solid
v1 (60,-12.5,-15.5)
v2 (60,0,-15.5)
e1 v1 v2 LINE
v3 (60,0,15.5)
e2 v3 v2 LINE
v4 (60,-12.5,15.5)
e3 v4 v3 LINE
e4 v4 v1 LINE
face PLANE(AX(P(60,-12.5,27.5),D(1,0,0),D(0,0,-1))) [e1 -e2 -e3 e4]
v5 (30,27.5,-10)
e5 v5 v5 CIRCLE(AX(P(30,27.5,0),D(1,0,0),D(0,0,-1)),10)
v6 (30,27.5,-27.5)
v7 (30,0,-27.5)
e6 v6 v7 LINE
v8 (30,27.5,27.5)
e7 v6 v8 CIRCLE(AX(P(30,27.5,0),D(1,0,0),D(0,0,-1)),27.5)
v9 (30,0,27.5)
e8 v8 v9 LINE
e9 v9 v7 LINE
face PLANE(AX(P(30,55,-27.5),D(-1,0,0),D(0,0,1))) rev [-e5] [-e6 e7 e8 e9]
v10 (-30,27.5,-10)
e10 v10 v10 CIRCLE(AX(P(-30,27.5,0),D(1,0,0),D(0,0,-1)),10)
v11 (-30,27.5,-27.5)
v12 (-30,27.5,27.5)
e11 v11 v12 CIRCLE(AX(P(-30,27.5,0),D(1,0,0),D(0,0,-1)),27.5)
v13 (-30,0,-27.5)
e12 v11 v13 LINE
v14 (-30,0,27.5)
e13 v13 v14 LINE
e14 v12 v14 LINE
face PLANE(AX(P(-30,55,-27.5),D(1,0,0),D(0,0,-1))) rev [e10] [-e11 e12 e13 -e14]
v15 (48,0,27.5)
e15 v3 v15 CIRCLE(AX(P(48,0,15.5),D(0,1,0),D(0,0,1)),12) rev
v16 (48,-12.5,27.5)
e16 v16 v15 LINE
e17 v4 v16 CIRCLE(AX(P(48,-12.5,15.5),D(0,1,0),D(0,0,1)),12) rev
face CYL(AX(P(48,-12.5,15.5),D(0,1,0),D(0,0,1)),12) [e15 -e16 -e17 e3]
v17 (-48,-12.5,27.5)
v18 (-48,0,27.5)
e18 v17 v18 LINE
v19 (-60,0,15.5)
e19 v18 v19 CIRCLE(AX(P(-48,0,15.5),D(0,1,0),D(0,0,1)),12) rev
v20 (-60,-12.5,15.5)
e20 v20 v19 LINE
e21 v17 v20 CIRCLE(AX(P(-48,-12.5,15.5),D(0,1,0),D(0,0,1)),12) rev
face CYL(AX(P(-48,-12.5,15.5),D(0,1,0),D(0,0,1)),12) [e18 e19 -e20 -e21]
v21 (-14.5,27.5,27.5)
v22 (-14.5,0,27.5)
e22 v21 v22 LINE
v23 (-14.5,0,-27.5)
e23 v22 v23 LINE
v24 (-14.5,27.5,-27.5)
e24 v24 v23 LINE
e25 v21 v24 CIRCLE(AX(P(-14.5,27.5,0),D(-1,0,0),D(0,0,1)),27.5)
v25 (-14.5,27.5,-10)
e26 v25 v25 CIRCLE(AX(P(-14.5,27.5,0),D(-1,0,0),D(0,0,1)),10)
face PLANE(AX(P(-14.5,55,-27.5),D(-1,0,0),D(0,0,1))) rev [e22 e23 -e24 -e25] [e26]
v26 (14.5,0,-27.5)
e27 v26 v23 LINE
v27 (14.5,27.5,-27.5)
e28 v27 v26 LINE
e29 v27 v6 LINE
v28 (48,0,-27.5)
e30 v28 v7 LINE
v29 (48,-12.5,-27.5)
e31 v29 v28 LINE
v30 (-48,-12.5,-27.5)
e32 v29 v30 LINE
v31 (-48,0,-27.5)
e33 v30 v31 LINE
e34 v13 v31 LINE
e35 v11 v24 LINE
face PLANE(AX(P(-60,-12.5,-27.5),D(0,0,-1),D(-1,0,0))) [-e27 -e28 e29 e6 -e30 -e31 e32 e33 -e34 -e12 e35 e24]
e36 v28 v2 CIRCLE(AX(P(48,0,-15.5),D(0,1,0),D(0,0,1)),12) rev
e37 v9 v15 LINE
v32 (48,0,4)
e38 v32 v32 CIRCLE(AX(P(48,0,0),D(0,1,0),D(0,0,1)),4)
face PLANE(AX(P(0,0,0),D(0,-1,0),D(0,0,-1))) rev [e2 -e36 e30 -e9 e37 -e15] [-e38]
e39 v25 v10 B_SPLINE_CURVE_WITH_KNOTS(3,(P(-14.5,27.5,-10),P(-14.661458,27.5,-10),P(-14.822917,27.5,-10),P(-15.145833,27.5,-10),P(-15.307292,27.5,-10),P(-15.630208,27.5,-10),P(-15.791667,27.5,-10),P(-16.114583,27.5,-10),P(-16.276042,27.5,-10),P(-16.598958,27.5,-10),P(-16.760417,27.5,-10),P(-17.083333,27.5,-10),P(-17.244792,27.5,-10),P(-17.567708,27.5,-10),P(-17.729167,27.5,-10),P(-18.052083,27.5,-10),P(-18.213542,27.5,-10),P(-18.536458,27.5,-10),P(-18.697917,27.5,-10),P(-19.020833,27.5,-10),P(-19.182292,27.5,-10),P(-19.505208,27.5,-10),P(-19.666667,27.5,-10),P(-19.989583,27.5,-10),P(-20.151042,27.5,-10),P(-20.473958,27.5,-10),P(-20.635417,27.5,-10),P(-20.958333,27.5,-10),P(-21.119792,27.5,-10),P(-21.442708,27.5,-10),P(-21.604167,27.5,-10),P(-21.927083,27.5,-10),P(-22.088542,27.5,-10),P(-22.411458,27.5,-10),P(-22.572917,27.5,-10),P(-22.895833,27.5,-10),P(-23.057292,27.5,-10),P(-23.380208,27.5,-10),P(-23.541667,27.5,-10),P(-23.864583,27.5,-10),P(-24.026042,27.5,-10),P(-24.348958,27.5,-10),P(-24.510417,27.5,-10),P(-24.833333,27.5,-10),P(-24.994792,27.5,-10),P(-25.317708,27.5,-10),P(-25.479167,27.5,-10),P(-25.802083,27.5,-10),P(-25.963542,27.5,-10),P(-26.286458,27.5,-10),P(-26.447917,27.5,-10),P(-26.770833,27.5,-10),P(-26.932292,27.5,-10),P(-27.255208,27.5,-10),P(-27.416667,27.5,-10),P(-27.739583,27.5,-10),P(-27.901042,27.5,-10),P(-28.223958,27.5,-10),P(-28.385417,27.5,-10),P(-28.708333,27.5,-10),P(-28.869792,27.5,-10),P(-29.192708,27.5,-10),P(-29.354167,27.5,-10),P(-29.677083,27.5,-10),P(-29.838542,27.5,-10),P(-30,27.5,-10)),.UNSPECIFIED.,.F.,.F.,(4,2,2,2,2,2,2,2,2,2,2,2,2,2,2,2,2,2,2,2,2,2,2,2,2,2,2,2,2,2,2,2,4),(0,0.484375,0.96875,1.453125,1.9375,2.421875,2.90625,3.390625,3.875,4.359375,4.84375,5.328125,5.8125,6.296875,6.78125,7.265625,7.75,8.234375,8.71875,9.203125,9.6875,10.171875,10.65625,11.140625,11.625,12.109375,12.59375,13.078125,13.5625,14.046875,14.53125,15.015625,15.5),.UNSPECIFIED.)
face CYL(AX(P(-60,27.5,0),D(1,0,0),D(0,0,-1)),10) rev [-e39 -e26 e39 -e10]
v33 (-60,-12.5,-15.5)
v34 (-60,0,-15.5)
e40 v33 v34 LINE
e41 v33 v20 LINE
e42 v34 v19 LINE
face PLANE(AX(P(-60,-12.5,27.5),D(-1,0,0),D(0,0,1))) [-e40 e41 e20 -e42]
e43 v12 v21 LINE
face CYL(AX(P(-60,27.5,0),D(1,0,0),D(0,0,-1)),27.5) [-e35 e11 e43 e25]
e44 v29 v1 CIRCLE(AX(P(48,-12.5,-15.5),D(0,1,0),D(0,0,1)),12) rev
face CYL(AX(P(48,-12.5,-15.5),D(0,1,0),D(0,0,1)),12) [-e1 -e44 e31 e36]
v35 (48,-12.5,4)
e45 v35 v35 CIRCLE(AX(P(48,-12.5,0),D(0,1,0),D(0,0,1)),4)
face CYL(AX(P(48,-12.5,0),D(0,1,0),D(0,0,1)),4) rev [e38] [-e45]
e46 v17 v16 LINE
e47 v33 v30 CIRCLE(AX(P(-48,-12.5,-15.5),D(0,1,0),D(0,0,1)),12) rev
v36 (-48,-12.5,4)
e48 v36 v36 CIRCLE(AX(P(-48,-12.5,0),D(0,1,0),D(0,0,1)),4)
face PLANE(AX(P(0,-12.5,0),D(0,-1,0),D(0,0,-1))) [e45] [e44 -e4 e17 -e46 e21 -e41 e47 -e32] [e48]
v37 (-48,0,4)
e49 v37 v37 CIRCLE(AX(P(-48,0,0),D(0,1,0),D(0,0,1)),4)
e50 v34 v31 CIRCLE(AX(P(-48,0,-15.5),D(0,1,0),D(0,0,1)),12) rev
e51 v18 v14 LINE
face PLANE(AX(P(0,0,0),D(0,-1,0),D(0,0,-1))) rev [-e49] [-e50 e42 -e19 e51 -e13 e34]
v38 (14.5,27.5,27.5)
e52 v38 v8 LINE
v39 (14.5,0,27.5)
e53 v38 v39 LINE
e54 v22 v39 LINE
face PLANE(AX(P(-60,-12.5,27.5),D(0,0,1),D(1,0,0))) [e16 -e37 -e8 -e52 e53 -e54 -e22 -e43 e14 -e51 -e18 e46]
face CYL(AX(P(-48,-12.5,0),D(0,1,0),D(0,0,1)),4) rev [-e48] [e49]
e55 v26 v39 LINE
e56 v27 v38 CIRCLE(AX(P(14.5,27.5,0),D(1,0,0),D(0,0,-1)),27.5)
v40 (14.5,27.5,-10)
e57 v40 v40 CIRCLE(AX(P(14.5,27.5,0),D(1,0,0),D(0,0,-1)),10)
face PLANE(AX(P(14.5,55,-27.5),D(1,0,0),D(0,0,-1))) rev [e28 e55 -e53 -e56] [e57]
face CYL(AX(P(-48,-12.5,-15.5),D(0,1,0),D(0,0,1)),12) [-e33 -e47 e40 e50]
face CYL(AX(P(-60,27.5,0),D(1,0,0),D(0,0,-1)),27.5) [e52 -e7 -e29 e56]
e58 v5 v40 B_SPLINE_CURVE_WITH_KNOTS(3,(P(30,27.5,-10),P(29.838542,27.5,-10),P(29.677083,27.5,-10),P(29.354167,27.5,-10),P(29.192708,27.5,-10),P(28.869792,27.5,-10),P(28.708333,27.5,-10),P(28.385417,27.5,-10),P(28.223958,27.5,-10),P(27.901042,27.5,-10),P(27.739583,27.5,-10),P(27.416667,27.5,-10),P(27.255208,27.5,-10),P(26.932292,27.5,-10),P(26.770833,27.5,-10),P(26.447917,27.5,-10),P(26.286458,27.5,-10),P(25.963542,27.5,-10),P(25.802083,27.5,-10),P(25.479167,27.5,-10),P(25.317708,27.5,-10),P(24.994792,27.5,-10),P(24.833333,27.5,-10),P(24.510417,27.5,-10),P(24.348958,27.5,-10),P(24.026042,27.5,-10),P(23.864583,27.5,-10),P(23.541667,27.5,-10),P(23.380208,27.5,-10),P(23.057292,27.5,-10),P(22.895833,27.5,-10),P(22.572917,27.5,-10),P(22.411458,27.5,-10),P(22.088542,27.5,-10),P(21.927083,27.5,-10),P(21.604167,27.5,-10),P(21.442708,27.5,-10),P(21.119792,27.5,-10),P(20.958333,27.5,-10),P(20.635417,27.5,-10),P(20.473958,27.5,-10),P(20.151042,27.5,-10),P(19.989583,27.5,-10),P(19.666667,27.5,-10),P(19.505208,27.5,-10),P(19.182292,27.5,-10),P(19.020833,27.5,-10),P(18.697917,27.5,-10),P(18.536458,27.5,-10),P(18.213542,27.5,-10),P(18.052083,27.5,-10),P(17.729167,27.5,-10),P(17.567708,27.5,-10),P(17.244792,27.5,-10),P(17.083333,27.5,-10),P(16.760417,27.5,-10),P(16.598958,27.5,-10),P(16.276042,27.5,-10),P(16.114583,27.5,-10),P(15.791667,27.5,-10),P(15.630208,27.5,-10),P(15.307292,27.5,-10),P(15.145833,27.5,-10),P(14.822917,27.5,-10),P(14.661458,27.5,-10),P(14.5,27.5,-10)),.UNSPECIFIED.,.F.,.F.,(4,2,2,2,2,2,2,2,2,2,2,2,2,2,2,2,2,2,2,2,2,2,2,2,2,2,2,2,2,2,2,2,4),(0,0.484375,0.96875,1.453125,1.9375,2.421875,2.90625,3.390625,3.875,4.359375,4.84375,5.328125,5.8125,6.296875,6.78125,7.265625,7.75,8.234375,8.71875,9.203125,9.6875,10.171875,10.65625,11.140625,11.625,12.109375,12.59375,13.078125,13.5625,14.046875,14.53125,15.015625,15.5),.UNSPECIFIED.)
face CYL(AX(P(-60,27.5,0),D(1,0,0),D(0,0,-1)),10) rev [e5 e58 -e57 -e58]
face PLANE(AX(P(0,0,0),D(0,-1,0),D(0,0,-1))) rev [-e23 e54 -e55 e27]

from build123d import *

# Parameters (mm, degrees)
SKETCH1_W           = 120
SKETCH1_H           = 55
BOSS_EXTRUDE1_DEPTH = 12.5
SKETCH3_W           = 15.5
SKETCH3_H           = 55
BOSS_EXTRUDE2_DEPTH = 55
SKETCH6_R           = 10
CUT_EXTRUDE1_DEPTH  = 110.001146783
CUT_EXTRUDE4_DEPTH  = 86.914201387
SKETCH8_R           = 4
CUT_EXTRUDE5_DEPTH  = 86.914201387


with BuildPart() as part:
    # Sketch1 → Boss-Extrude1 (new body)
    with BuildSketch(Plane(origin=(0, 0, 0), x_dir=(1, 0, 0), z_dir=(0, 1, 0))):
        Rectangle(SKETCH1_W, SKETCH1_H)
    extrude(amount=-BOSS_EXTRUDE1_DEPTH)

    # Sketch3 → Boss-Extrude2 (add)
    with BuildSketch(Plane(origin=(0, 0, 0), x_dir=(1, 0, 0), z_dir=(0, 1, 0))):
        with Locations((22.25, 0)):
            Rectangle(SKETCH3_W, SKETCH3_H)
        with Locations((-22.25, 0)):
            Rectangle(SKETCH3_W, SKETCH3_H)
    extrude(amount=BOSS_EXTRUDE2_DEPTH)

    # Sketch6 → Cut-Extrude1 (cut, through all)
    with BuildSketch(Plane(origin=(30, 0, 0), x_dir=(0, 0, -1), z_dir=(1, 0, 0))):
        with BuildLine():
            Line((-27.5, 55), (-27.5, 27.5))
            ThreePointArc((-27.5, 27.5), (-19.445436492, 46.945436473), (-2.7e-08, 55))
            Line((-2.7e-08, 55), (-27.5, 55))
        make_face()
        with BuildLine():
            Line((27.5, 55), (-2.7e-08, 55))
            ThreePointArc((-2.7e-08, 55), (19.445436473, 46.945436492), (27.5, 27.5))
            Line((27.5, 27.5), (27.5, 55))
        make_face()
        with Locations((0, 27.5)):
            Circle(SKETCH6_R)
    extrude(amount=-CUT_EXTRUDE1_DEPTH, mode=Mode.SUBTRACT)

    # Sketch7 → Cut-Extrude4 (cut, through all)
    with BuildSketch(Plane(origin=(0, 0, 0), x_dir=(1, 0, 0), z_dir=(0, 1, 0))):
        with BuildLine():
            Line((60, -27.5), (60, -15.5))
            ThreePointArc((60, -15.5), (56.485281374, -23.985281374), (48, -27.5))
            Line((48, -27.5), (60, -27.5))
        make_face()
        with BuildLine():
            ThreePointArc((48, 27.5), (56.485281374, 23.985281374), (60, 15.5))
            Line((60, 15.5), (60, 27.5))
            Line((60, 27.5), (48, 27.5))
        make_face()
        with BuildLine():
            Line((-60, 27.5), (-60, 15.5))
            ThreePointArc((-60, 15.5), (-56.485281374, 23.985281374), (-48, 27.5))
            Line((-48, 27.5), (-60, 27.5))
        make_face()
        with BuildLine():
            ThreePointArc((-48, -27.5), (-56.485281374, -23.985281374), (-60, -15.5))
            Line((-60, -15.5), (-60, -27.5))
            Line((-60, -27.5), (-48, -27.5))
        make_face()
    extrude(amount=-CUT_EXTRUDE4_DEPTH, mode=Mode.SUBTRACT)

    # Sketch8 → Cut-Extrude5 (cut, through all)
    with BuildSketch(Plane(origin=(0, 0, 0), x_dir=(1, 0, 0), z_dir=(0, 1, 0))):
        with Locations(Location((-48, 0, 0), (0, 0, 270))):
            Circle(SKETCH8_R)
        with Locations(Location((48, 0, 0), (0, 0, 270))):
            Circle(SKETCH8_R)
    extrude(amount=-CUT_EXTRUDE5_DEPTH, mode=Mode.SUBTRACT)


solid = part.part
